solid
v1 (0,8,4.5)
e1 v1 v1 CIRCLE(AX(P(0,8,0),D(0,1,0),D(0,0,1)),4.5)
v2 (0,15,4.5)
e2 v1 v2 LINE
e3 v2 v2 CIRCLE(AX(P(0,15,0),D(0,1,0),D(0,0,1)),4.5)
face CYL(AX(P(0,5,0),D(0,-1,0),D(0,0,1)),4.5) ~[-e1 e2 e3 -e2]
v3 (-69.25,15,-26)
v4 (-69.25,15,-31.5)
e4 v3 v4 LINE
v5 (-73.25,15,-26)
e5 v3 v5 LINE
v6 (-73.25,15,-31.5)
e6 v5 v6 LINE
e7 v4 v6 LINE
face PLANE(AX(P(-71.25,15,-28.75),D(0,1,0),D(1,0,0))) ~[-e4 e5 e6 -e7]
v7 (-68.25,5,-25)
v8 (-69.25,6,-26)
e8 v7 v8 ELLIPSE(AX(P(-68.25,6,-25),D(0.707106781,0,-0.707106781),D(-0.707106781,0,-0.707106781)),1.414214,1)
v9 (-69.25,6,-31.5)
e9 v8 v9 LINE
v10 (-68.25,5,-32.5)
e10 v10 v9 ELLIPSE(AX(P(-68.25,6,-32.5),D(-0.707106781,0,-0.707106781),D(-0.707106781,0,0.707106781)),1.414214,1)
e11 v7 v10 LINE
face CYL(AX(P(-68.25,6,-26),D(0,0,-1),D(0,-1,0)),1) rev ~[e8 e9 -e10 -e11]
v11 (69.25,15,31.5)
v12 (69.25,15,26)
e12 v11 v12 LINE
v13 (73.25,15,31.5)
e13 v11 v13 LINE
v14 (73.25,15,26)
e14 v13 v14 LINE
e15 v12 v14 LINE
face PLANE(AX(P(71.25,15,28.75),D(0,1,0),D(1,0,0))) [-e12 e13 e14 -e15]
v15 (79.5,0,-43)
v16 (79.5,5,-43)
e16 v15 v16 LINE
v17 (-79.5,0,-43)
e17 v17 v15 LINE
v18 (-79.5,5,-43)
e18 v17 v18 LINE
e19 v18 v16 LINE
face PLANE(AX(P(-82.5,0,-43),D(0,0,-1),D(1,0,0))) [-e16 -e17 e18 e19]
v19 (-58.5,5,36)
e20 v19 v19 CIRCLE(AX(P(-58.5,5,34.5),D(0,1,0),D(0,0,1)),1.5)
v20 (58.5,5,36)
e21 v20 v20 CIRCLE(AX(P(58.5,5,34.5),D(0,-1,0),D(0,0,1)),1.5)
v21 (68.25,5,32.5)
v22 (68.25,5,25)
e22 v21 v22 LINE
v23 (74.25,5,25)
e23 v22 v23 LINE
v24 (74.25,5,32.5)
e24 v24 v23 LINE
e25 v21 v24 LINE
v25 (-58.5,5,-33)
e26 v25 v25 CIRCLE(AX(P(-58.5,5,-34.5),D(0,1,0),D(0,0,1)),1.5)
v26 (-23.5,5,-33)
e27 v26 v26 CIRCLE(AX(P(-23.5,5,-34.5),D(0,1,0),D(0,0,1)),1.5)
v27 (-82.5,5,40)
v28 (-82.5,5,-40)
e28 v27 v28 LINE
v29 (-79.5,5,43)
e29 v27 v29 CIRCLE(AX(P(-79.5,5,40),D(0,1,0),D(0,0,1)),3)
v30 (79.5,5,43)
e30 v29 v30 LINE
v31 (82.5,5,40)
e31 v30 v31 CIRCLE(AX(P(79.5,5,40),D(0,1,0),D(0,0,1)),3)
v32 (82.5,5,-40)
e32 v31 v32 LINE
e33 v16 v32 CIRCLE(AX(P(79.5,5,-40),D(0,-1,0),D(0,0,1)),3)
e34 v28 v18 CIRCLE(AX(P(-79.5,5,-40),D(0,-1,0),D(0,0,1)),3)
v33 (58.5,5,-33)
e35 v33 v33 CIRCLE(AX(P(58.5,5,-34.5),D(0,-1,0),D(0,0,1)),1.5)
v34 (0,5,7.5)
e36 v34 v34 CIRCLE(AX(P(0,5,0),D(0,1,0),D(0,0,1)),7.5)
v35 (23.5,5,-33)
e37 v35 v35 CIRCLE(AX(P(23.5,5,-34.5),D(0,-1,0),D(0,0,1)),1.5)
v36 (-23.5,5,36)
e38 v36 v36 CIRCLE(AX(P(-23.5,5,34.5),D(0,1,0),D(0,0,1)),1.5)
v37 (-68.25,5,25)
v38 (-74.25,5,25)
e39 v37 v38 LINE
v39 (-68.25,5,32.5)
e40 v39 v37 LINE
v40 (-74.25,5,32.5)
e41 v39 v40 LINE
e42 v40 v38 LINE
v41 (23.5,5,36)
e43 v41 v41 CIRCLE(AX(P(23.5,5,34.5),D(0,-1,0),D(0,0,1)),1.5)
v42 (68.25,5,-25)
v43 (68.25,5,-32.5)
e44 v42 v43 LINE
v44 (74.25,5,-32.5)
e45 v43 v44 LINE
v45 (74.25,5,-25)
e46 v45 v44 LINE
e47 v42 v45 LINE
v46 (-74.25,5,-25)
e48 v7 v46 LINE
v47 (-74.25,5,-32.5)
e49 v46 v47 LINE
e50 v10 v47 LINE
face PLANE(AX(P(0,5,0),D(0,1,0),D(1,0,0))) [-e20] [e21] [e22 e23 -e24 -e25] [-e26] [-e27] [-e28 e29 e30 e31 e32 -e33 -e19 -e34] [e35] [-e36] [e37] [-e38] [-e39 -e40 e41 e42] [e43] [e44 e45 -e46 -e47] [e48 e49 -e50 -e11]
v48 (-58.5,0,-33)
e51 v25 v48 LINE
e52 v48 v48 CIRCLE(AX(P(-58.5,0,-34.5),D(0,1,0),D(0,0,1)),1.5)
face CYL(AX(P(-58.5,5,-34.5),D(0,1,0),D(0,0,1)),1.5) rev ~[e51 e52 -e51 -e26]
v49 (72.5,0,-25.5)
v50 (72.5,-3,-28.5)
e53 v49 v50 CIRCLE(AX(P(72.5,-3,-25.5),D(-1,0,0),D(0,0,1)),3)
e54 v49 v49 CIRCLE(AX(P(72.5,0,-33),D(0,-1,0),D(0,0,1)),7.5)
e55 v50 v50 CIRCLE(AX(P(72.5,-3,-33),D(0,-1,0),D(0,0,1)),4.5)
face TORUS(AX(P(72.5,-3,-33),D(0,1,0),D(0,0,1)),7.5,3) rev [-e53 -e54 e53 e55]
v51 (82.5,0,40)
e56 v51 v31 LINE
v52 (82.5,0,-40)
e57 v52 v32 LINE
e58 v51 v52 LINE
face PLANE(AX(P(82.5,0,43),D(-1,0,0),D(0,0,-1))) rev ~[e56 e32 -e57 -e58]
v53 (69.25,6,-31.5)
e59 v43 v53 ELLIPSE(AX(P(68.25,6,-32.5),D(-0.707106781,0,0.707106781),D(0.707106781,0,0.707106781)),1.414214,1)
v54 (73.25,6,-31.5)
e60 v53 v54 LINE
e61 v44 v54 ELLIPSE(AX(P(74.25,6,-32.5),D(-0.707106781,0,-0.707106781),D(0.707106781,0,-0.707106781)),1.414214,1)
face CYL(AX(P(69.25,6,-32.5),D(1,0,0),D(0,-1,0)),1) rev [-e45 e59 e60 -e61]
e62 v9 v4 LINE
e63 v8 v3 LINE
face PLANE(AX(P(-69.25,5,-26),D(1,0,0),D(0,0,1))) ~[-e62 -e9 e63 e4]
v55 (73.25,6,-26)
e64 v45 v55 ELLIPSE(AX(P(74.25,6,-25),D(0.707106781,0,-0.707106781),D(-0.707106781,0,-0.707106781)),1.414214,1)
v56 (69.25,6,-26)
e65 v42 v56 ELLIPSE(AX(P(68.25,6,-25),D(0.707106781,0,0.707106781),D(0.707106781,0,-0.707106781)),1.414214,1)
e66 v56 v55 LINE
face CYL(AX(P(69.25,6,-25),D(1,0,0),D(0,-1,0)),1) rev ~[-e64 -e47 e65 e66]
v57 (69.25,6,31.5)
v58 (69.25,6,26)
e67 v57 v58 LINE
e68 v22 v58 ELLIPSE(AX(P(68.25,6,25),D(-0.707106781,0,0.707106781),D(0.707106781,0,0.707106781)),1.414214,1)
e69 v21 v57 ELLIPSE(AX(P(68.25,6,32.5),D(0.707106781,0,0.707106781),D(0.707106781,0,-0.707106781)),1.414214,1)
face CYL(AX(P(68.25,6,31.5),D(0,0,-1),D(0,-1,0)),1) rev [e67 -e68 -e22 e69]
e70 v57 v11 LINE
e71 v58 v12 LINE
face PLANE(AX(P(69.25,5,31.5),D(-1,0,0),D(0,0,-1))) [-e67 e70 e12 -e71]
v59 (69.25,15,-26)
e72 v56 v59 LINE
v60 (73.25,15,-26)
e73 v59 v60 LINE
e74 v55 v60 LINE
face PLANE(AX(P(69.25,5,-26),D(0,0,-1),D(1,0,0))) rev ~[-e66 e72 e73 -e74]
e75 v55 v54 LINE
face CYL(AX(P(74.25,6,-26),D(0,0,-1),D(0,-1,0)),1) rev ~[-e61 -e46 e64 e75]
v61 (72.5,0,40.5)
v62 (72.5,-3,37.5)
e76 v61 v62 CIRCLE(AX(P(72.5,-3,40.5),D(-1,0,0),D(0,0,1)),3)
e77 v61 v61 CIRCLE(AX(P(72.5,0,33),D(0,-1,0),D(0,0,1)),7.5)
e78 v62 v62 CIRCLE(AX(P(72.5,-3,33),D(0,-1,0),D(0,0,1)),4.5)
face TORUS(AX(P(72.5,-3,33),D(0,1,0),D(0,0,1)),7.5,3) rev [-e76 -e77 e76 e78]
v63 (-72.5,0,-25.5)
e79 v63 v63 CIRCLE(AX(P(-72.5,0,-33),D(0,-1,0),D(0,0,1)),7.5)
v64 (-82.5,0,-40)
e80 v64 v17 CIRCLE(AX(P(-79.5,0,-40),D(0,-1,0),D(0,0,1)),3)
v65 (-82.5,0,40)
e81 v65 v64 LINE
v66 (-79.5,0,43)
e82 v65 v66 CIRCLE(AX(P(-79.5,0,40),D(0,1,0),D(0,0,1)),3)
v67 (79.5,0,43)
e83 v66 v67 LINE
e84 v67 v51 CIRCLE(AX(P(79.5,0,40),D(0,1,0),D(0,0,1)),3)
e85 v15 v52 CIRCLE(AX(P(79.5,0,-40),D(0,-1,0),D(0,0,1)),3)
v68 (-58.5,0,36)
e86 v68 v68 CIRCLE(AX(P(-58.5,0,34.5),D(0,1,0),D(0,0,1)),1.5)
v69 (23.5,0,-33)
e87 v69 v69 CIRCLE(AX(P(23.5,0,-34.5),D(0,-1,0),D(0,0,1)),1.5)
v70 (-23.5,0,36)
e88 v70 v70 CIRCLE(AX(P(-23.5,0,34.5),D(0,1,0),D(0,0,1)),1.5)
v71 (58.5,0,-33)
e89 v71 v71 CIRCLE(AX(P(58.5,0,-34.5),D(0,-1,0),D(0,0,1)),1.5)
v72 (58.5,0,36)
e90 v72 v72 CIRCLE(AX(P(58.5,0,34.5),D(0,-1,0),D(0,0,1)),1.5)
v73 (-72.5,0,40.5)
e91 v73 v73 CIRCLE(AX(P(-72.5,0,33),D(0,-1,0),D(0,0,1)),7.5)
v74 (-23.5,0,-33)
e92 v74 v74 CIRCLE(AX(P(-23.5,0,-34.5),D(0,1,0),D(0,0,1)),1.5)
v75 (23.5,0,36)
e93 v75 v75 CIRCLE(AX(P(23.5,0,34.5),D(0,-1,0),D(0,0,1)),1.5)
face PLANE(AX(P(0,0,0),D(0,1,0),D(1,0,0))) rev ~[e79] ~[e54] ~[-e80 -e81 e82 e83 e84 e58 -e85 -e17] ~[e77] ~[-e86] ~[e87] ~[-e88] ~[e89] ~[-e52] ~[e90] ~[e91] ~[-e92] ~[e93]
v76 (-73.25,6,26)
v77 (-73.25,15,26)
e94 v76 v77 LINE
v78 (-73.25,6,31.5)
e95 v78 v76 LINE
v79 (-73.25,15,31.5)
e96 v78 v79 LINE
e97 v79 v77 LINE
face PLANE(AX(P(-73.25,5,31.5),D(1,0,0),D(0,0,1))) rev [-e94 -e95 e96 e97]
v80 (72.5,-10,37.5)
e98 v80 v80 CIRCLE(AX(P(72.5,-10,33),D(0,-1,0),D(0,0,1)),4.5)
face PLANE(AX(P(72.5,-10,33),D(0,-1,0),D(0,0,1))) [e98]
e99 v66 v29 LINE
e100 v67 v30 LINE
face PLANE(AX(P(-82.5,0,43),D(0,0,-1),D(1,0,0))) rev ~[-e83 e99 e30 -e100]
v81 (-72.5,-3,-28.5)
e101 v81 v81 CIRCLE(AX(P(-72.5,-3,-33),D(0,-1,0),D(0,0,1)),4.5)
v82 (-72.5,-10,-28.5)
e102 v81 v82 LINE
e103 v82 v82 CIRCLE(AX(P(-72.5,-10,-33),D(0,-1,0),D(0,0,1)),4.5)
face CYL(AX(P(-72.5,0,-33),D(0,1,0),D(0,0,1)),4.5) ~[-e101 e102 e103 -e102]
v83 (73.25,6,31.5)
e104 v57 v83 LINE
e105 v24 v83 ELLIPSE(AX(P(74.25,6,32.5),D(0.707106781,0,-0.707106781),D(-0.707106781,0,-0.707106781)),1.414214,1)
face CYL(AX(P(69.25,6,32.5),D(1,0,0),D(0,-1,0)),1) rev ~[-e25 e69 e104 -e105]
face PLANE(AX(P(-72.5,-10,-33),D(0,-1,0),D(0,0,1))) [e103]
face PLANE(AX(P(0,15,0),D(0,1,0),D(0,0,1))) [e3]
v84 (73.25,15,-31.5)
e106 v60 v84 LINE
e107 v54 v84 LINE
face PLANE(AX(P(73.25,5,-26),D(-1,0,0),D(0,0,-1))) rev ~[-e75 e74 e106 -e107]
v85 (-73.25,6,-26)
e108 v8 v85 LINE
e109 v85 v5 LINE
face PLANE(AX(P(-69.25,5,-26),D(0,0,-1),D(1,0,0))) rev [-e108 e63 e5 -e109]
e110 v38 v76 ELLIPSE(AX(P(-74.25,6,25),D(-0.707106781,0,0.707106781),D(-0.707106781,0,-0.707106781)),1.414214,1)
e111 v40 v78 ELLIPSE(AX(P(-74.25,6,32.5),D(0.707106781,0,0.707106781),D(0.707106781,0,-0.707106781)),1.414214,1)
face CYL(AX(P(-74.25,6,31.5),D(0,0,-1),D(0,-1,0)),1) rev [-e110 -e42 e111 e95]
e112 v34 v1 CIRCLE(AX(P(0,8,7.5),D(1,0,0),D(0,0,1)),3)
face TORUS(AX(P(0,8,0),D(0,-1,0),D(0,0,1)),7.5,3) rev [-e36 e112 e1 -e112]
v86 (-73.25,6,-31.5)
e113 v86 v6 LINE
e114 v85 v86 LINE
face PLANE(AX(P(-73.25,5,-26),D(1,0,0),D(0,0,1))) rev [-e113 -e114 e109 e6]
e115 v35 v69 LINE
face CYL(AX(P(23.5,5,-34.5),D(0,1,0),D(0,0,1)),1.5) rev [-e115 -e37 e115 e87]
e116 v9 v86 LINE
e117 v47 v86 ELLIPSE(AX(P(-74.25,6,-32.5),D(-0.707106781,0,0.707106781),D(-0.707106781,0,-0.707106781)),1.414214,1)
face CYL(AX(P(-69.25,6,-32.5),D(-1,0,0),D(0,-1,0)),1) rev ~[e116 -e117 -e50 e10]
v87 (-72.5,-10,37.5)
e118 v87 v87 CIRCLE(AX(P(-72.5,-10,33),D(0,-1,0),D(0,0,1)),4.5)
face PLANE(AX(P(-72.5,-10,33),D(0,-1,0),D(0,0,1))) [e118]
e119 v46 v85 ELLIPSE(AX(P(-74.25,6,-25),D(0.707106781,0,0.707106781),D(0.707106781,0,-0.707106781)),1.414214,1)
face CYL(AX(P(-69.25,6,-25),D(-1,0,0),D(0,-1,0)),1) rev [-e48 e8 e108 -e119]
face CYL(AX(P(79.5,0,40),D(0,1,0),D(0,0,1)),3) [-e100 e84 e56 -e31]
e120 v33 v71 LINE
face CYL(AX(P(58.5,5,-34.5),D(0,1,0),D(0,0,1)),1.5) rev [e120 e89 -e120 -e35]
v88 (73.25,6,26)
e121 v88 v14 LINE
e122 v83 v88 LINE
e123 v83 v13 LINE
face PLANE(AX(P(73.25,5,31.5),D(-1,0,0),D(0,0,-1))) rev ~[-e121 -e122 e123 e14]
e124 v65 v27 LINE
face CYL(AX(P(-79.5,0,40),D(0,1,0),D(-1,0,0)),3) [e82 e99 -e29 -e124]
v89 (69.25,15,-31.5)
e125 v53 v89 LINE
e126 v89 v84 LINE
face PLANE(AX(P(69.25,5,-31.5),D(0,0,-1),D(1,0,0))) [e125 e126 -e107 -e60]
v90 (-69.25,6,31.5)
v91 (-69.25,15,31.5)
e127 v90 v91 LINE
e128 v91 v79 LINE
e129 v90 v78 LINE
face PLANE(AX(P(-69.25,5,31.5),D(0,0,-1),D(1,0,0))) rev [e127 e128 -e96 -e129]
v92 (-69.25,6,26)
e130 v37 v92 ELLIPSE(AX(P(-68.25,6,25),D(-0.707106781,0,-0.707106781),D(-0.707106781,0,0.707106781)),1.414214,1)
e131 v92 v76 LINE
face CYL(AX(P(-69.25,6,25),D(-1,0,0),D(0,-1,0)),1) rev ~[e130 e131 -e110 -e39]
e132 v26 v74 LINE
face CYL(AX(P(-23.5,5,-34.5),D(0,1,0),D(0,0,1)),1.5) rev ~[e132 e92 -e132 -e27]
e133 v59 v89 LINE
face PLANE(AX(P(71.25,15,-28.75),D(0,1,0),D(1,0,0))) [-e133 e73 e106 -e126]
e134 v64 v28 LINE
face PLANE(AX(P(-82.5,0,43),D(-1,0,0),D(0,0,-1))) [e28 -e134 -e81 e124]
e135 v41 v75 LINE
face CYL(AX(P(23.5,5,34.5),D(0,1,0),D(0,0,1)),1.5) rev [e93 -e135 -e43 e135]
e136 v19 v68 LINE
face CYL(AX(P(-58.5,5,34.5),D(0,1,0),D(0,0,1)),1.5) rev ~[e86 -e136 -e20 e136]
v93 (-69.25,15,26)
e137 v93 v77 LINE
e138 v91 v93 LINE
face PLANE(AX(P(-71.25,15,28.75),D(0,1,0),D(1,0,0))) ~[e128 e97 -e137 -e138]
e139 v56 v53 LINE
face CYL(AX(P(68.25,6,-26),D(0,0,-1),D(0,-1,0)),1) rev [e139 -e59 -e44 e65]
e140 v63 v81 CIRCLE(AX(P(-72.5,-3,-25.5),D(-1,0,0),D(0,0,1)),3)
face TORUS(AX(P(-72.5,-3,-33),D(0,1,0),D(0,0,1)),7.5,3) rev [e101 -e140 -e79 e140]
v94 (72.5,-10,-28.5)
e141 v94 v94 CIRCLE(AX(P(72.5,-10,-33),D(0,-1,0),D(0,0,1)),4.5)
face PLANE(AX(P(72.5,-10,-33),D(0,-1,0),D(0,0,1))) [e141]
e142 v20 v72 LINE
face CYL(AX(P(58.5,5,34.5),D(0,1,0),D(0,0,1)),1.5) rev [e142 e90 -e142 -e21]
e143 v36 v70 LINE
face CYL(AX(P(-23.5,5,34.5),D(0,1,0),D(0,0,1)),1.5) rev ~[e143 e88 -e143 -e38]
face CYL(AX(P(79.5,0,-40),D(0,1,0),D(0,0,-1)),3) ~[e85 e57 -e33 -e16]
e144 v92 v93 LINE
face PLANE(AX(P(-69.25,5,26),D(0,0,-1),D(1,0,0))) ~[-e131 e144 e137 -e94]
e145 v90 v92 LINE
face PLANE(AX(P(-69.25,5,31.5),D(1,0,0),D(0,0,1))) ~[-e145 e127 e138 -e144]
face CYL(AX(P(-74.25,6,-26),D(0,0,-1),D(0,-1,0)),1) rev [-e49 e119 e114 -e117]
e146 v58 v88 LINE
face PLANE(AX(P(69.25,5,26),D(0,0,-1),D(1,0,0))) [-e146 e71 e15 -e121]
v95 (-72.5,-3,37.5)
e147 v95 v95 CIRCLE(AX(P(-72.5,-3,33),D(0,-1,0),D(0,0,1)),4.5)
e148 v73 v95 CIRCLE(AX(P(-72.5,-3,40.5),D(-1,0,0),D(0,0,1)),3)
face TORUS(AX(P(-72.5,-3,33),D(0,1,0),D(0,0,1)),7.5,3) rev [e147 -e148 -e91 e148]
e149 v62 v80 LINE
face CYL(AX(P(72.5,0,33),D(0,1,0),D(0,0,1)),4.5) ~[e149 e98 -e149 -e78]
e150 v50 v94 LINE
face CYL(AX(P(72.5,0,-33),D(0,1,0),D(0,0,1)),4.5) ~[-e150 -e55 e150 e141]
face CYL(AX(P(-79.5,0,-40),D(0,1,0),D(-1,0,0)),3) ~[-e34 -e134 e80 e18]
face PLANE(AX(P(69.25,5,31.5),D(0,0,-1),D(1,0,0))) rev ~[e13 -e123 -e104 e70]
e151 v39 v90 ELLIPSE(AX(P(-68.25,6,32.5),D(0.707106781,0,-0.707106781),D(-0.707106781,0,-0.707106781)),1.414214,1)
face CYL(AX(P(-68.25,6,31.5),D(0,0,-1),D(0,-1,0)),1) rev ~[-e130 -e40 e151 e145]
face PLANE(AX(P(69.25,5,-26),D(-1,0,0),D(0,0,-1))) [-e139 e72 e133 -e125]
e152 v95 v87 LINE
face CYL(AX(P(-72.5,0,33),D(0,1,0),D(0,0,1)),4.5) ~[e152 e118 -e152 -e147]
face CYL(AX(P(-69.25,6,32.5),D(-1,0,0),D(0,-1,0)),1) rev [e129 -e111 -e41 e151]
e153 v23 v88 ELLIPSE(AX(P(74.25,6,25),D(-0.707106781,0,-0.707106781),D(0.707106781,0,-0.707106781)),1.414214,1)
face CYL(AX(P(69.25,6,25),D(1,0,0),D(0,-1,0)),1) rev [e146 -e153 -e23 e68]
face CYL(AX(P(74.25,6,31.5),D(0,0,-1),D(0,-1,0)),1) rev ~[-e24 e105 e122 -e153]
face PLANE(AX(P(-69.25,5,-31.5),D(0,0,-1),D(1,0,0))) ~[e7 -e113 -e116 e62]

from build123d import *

# Parameters (mm, degrees)
SKETCH1_W            = 165
SKETCH1_H            = 86
BOSS_EXTRUDE1_DEPTH  = 5
SKETCH2_R            = 4.5
BOSS_EXTRUDE2_DEPTH  = 10
FILLET1_R            = 3
SKETCH3_W            = 4
SKETCH3_H            = 5.5
SKETCH3_R            = 4.5
BOSS_EXTRUDE3_DEPTH  = 10
FILLET2_R            = 3
FILLET3_R            = 1
FILLET3_OF_MIRROR1_R = 1
FILLET4_R            = 3
SKETCH4_R            = 1.5
CUT_EXTRUDE1_DEPTH   = 5


with BuildPart() as part:
    # Sketch1 → Boss-Extrude1 (new body)
    with BuildSketch(Plane(origin=(0, 0, 0), x_dir=(1, 0, 0), z_dir=(0, 1, 0))):
        Rectangle(SKETCH1_W, SKETCH1_H)
    extrude(amount=BOSS_EXTRUDE1_DEPTH)

    # Sketch2 → Boss-Extrude2 (add)
    with BuildSketch(Plane.XZ):
        with Locations(Location((-72.5, 33, 0), (0, 0, 90))):
            Circle(SKETCH2_R)
        with Locations(Location((72.5, 33, 0), (0, 0, 90))):
            Circle(SKETCH2_R)
        with Locations(Location((-72.5, -33, 0), (0, 0, 90))):
            Circle(SKETCH2_R)
        with Locations(Location((72.5, -33, 0), (0, 0, 90))):
            Circle(SKETCH2_R)
    extrude(amount=BOSS_EXTRUDE2_DEPTH)

    # Fillet1
    fillet1_edges = [part.edges().sort_by_distance(p)[0] for p in [
        (-72.5, 0, 28.5),
        (72.5, 0, 28.5),
        (72.5, 0, -37.5),
        (-72.5, 0, -37.5),
    ]]
    fillet(fillet1_edges, radius=FILLET1_R)

    # Sketch3 → Boss-Extrude3 (add)
    with BuildSketch(Plane(origin=(0, 5, 0), x_dir=(1, 0, 0), z_dir=(0, 1, 0))):
        with Locations((71.25, -28.75)):
            Rectangle(SKETCH3_W, SKETCH3_H)
        with Locations((71.25, 28.75)):
            Rectangle(SKETCH3_W, SKETCH3_H)
        with Locations(Location((0, 0, 0), (0, 0, 270))):
            Circle(SKETCH3_R)
    boss_extrude3 = extrude(amount=BOSS_EXTRUDE3_DEPTH)

    # Fillet2
    fillet2_edges = [part.edges().sort_by_distance(p)[0] for p in [
        (0, 5, -4.5),
    ]]
    fillet(fillet2_edges, radius=FILLET2_R)

    # Fillet3
    fillet3_edges = [part.edges().sort_by_distance(p)[0] for p in [
        (73.25, 5, 28.75),
        (71.25, 5, 26),
        (69.25, 5, 28.75),
        (71.25, 5, 31.5),
        (73.25, 5, -28.75),
        (71.25, 5, -31.5),
        (69.25, 5, -28.75),
        (71.25, 5, -26),
    ]]
    fillet(fillet3_edges, radius=FILLET3_R)

    # Mirror1: Boss-Extrude3 across plane
    add(boss_extrude3.mirror(Plane(origin=(0, 0, 0), x_dir=(0, 0, 1), z_dir=(1, 0, 0))))

    # Fillet3 of Mirror1
    fillet3_of_mirror1_edges = [part.edges().sort_by_distance(p)[0] for p in [
        (-73.25, 5, 28.75),
        (-71.25, 5, 26),
        (-69.25, 5, 28.75),
        (-71.25, 5, 31.5),
        (-73.25, 5, -28.75),
        (-71.25, 5, -31.5),
        (-69.25, 5, -28.75),
        (-71.25, 5, -26),
    ]]
    fillet(fillet3_of_mirror1_edges, radius=FILLET3_OF_MIRROR1_R)

    # Fillet4
    fillet4_edges = [part.edges().sort_by_distance(p)[0] for p in [
        (82.5, 2.5, 43),
        (-82.5, 2.5, 43),
        (-82.5, 2.5, -43),
        (82.5, 2.5, -43),
    ]]
    fillet(fillet4_edges, radius=FILLET4_R)

    # Sketch4 → Cut-Extrude1 (cut)
    with BuildSketch(Plane(origin=(0, 5, 0), x_dir=(1, 0, 0), z_dir=(0, 1, 0))):
        with Locations(Location((-23.5, -34.5, 0), (0, 0, 270))):
            Circle(SKETCH4_R)
        with Locations(Location((-58.5, -34.5, 0), (0, 0, 270))):
            Circle(SKETCH4_R)
        with Locations(Location((-58.5, 34.5, 0), (0, 0, 270))):
            Circle(SKETCH4_R)
        with Locations(Location((-23.5, 34.5, 0), (0, 0, 270))):
            Circle(SKETCH4_R)
    cut_extrude1 = extrude(amount=-CUT_EXTRUDE1_DEPTH, mode=Mode.SUBTRACT)

    # Mirror2: Cut-Extrude1 across plane
    add(cut_extrude1.mirror(Plane(origin=(0, 0, 0), x_dir=(0, 0, 1), z_dir=(1, 0, 0))), mode=Mode.SUBTRACT)


solid = part.part
